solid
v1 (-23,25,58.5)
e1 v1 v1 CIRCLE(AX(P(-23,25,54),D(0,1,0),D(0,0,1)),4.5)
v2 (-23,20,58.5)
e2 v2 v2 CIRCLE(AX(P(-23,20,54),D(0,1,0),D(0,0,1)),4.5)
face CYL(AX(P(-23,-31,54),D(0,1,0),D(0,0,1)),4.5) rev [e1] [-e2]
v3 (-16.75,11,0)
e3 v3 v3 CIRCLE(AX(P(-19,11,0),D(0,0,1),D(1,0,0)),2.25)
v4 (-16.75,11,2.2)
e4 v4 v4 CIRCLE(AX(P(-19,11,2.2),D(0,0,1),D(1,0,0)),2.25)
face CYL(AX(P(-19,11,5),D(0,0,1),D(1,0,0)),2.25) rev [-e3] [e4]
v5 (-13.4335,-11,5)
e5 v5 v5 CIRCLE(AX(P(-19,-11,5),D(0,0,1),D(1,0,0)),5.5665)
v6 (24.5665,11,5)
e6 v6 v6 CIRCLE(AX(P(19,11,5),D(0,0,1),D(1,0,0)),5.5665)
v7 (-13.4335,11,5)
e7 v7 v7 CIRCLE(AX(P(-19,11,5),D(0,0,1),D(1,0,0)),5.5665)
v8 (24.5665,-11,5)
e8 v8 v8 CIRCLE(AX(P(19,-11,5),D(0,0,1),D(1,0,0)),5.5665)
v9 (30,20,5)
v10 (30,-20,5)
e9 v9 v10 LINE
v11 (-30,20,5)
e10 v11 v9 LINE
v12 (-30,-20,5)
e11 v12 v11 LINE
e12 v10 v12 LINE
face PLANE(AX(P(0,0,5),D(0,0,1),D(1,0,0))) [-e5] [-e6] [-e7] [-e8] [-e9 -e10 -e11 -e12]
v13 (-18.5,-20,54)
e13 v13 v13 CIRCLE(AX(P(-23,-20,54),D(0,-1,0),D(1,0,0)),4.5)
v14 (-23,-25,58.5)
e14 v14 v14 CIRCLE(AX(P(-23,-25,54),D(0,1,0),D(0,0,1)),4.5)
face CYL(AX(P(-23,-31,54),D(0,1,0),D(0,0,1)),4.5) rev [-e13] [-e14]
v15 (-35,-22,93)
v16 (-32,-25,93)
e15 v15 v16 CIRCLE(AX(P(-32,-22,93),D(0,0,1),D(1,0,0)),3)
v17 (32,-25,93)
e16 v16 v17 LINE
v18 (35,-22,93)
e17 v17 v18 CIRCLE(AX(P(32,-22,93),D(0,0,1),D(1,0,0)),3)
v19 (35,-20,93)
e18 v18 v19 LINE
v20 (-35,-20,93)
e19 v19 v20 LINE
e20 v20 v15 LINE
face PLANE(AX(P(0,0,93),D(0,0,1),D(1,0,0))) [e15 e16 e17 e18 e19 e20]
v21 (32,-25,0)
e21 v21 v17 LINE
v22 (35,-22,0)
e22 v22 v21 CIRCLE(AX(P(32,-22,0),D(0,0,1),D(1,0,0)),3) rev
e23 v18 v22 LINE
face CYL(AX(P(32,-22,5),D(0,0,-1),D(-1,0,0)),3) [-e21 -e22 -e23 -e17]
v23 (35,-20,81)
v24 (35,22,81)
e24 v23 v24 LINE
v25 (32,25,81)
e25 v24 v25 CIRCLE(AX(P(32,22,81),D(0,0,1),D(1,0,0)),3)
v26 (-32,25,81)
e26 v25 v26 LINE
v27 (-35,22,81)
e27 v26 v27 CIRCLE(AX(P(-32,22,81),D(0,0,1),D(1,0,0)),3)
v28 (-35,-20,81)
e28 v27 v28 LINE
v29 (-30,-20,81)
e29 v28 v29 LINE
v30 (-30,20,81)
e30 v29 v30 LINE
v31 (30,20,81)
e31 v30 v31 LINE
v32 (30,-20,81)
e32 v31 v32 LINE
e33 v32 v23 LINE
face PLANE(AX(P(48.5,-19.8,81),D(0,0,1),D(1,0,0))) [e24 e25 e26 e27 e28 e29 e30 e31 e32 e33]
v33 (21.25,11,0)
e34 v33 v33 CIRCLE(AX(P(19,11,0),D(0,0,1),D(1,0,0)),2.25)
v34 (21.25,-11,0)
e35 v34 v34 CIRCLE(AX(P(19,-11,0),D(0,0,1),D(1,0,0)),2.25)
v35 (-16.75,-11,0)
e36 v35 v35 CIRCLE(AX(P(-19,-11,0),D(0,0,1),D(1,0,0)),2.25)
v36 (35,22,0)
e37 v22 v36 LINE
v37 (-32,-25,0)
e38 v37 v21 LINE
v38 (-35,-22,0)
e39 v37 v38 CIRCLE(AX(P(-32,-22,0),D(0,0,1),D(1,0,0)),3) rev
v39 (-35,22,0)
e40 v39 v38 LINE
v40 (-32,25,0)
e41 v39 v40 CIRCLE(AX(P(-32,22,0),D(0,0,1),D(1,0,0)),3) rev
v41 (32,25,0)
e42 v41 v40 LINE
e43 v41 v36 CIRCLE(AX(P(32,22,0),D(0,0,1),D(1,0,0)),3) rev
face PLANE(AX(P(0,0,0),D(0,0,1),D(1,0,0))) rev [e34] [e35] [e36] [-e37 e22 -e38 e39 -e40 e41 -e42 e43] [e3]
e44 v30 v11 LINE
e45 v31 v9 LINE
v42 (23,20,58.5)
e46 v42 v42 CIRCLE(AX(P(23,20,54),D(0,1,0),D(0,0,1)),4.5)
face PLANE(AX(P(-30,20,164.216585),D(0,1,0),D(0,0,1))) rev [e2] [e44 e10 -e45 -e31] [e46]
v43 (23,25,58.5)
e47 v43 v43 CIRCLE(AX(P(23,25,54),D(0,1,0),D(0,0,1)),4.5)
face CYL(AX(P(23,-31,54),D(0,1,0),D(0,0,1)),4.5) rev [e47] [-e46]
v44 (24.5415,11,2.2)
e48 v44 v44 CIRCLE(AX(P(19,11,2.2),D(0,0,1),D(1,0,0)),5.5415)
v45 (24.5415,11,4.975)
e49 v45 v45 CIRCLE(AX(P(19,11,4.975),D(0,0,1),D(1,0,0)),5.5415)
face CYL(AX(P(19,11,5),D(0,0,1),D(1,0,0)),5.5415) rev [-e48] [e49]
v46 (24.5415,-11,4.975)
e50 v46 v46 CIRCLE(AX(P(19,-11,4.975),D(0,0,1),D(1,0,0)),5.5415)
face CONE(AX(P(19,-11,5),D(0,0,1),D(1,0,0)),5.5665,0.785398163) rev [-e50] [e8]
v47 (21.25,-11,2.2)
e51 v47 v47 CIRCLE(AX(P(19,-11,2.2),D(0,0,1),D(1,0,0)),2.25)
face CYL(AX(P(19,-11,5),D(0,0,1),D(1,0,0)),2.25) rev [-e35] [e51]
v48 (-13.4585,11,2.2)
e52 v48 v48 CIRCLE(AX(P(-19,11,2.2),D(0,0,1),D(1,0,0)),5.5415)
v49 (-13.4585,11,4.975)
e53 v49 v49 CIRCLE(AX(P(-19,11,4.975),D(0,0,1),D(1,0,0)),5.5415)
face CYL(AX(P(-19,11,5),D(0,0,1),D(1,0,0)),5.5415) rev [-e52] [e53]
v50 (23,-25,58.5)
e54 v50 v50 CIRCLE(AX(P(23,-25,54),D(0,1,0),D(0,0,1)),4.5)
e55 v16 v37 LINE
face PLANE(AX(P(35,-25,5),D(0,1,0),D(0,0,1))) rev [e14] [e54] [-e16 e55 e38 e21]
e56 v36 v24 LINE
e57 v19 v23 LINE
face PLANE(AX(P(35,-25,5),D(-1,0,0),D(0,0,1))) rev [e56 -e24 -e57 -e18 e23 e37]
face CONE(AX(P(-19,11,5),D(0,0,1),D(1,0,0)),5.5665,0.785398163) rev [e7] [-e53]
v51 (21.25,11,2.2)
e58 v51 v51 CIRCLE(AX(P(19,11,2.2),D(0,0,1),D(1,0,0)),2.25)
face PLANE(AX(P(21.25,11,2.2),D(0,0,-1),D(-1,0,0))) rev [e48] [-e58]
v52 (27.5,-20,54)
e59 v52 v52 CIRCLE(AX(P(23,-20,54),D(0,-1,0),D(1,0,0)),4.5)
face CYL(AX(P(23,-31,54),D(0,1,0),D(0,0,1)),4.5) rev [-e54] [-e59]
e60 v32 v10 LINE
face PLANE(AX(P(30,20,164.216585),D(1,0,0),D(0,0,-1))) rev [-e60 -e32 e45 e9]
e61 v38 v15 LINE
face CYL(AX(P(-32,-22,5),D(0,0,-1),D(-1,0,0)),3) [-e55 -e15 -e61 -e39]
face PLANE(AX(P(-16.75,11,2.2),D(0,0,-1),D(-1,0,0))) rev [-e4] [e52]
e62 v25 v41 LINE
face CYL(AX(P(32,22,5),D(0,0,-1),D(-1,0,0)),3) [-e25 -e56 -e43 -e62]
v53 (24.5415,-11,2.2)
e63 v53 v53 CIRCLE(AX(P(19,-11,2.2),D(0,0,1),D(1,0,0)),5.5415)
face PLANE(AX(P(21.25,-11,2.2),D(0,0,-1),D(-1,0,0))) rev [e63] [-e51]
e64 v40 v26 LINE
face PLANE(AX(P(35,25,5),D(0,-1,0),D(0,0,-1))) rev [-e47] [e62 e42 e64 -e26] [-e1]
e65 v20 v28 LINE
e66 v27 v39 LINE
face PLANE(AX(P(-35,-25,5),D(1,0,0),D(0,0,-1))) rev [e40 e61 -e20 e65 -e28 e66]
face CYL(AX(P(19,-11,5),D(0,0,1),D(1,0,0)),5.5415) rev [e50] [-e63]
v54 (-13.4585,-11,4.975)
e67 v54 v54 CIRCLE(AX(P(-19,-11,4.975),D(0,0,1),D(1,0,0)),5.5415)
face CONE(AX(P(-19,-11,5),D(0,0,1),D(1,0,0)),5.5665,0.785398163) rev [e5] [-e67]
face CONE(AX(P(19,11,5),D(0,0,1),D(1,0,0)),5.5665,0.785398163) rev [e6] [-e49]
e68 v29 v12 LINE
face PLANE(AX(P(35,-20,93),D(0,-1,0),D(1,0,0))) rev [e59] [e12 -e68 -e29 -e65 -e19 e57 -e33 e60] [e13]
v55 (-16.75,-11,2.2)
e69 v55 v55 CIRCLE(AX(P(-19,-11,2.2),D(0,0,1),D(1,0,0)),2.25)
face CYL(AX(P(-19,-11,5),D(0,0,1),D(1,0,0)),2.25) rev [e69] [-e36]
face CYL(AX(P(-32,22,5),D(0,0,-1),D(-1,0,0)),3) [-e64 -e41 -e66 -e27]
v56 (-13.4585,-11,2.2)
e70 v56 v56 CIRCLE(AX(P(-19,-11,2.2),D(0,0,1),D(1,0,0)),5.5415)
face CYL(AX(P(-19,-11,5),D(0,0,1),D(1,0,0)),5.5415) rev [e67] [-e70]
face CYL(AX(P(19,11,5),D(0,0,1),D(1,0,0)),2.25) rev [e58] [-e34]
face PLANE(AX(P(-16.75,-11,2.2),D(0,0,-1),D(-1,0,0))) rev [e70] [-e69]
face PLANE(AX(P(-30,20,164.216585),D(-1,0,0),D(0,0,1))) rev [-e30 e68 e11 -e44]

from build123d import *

# Parameters (mm, degrees)
SKETCH1_W                                   = 70
SKETCH1_H                                   = 50
BOSS_EXTRUDE1_DEPTH                         = 5
SKETCH2_W                                   = 70
SKETCH2_H                                   = 5
BOSS_EXTRUDE2_DEPTH                         = 88
BOSS_EXTRUDE3_DEPTH                         = 76
SKETCH4_R                                   = 4.5
CUT_EXTRUDE1_DEPTH                          = 56
FILLET1_R                                   = 3
CBORE_FOR_M4_HEX_HEAD_CAP_SCREW1_AT_2_COUNT = 2
CBORE_FOR_M4_HEX_HEAD_CAP_SCREW1_AT_2_PITCH = 22
CBORE_FOR_M4_HEX_HEAD_CAP_SCREW1_AT_3_COUNT = 2
CBORE_FOR_M4_HEX_HEAD_CAP_SCREW1_AT_3_PITCH = 43.9089968
CBORE_FOR_M4_HEX_HEAD_CAP_SCREW1_AT_4_COUNT = 2
CBORE_FOR_M4_HEX_HEAD_CAP_SCREW1_AT_4_PITCH = 38


with BuildPart() as part:
    # Sketch1 → Boss-Extrude1 (new body)
    with BuildSketch(Plane.XY):
        Rectangle(SKETCH1_W, SKETCH1_H)
    extrude(amount=BOSS_EXTRUDE1_DEPTH)

    # Sketch2 → Boss-Extrude2 (add)
    with BuildSketch(Plane.XY.offset(5)):
        with Locations((0, -22.5)):
            Rectangle(SKETCH2_W, SKETCH2_H)
    extrude(amount=BOSS_EXTRUDE2_DEPTH)

    # Sketch3 → Boss-Extrude3 (add)
    with BuildSketch(Plane.XY.offset(5)):
        Polygon((-35, 25), (35, 25), (35, 20), (35, -20), (30, -20), (30, 20), (-30, 20), (-30, -20), (-35, -20), (-35, 20), align=None)
    extrude(amount=BOSS_EXTRUDE3_DEPTH)

    # Sketch4 → Cut-Extrude1 (cut)
    with BuildSketch(Plane(origin=(0, 25, 0), x_dir=(1, 0, 0), z_dir=(0, 1, 0))):
        with Locations(Location((23, -54, 0), (0, 0, 270))):
            Circle(SKETCH4_R)
        with Locations(Location((-23, -54, 0), (0, 0, 270))):
            Circle(SKETCH4_R)
    extrude(amount=-CUT_EXTRUDE1_DEPTH, mode=Mode.SUBTRACT)

    # Fillet1
    fillet1_edges = [part.edges().sort_by_distance(p)[0] for p in [
        (-35, 25, 40.5),
        (35, 25, 40.5),
        (35, -25, 46.5),
        (-35, -25, 46.5),
    ]]
    fillet(fillet1_edges, radius=FILLET1_R)

    # Sketch7 → CBORE for M4 Hex Head Cap Screw1 (revolve, cut)
    with BuildSketch(Plane(origin=(-19, -11, 5), x_dir=(0, -1, 0), z_dir=(1, 0, 0))):
        Polygon((0, 0), (0, 12.4), (2.25, 11.048063607), (2.25, 2.8), (5.5415, 2.8), (5.5415, 0.025), (5.5665, 0), align=None)
    cbore_for_m4_hex_head_cap_screw1 = revolve(axis=Axis((-19, -11, 11.35), (0, 0, -1)), mode=Mode.SUBTRACT)

    # CBORE for M4 Hex Head Cap Screw1 at 2: CBORE for M4 Hex Head Cap Screw1 ×2
    with Locations(*[(0, i * CBORE_FOR_M4_HEX_HEAD_CAP_SCREW1_AT_2_PITCH, 0) for i in range(1, CBORE_FOR_M4_HEX_HEAD_CAP_SCREW1_AT_2_COUNT)]):
        add(cbore_for_m4_hex_head_cap_screw1, mode=Mode.SUBTRACT)

    # CBORE for M4 Hex Head Cap Screw1 at 3: CBORE for M4 Hex Head Cap Screw1 ×2
    with Locations(*[Vector(0.8654262854811263, 0.5010362705417046, 0) * (i * CBORE_FOR_M4_HEX_HEAD_CAP_SCREW1_AT_3_PITCH) for i in range(1, CBORE_FOR_M4_HEX_HEAD_CAP_SCREW1_AT_3_COUNT)]):
        add(cbore_for_m4_hex_head_cap_screw1, mode=Mode.SUBTRACT)

    # CBORE for M4 Hex Head Cap Screw1 at 4: CBORE for M4 Hex Head Cap Screw1 ×2
    with Locations(*[(i * CBORE_FOR_M4_HEX_HEAD_CAP_SCREW1_AT_4_PITCH, 0, 0) for i in range(1, CBORE_FOR_M4_HEX_HEAD_CAP_SCREW1_AT_4_COUNT)]):
        add(cbore_for_m4_hex_head_cap_screw1, mode=Mode.SUBTRACT)


solid = part.part
